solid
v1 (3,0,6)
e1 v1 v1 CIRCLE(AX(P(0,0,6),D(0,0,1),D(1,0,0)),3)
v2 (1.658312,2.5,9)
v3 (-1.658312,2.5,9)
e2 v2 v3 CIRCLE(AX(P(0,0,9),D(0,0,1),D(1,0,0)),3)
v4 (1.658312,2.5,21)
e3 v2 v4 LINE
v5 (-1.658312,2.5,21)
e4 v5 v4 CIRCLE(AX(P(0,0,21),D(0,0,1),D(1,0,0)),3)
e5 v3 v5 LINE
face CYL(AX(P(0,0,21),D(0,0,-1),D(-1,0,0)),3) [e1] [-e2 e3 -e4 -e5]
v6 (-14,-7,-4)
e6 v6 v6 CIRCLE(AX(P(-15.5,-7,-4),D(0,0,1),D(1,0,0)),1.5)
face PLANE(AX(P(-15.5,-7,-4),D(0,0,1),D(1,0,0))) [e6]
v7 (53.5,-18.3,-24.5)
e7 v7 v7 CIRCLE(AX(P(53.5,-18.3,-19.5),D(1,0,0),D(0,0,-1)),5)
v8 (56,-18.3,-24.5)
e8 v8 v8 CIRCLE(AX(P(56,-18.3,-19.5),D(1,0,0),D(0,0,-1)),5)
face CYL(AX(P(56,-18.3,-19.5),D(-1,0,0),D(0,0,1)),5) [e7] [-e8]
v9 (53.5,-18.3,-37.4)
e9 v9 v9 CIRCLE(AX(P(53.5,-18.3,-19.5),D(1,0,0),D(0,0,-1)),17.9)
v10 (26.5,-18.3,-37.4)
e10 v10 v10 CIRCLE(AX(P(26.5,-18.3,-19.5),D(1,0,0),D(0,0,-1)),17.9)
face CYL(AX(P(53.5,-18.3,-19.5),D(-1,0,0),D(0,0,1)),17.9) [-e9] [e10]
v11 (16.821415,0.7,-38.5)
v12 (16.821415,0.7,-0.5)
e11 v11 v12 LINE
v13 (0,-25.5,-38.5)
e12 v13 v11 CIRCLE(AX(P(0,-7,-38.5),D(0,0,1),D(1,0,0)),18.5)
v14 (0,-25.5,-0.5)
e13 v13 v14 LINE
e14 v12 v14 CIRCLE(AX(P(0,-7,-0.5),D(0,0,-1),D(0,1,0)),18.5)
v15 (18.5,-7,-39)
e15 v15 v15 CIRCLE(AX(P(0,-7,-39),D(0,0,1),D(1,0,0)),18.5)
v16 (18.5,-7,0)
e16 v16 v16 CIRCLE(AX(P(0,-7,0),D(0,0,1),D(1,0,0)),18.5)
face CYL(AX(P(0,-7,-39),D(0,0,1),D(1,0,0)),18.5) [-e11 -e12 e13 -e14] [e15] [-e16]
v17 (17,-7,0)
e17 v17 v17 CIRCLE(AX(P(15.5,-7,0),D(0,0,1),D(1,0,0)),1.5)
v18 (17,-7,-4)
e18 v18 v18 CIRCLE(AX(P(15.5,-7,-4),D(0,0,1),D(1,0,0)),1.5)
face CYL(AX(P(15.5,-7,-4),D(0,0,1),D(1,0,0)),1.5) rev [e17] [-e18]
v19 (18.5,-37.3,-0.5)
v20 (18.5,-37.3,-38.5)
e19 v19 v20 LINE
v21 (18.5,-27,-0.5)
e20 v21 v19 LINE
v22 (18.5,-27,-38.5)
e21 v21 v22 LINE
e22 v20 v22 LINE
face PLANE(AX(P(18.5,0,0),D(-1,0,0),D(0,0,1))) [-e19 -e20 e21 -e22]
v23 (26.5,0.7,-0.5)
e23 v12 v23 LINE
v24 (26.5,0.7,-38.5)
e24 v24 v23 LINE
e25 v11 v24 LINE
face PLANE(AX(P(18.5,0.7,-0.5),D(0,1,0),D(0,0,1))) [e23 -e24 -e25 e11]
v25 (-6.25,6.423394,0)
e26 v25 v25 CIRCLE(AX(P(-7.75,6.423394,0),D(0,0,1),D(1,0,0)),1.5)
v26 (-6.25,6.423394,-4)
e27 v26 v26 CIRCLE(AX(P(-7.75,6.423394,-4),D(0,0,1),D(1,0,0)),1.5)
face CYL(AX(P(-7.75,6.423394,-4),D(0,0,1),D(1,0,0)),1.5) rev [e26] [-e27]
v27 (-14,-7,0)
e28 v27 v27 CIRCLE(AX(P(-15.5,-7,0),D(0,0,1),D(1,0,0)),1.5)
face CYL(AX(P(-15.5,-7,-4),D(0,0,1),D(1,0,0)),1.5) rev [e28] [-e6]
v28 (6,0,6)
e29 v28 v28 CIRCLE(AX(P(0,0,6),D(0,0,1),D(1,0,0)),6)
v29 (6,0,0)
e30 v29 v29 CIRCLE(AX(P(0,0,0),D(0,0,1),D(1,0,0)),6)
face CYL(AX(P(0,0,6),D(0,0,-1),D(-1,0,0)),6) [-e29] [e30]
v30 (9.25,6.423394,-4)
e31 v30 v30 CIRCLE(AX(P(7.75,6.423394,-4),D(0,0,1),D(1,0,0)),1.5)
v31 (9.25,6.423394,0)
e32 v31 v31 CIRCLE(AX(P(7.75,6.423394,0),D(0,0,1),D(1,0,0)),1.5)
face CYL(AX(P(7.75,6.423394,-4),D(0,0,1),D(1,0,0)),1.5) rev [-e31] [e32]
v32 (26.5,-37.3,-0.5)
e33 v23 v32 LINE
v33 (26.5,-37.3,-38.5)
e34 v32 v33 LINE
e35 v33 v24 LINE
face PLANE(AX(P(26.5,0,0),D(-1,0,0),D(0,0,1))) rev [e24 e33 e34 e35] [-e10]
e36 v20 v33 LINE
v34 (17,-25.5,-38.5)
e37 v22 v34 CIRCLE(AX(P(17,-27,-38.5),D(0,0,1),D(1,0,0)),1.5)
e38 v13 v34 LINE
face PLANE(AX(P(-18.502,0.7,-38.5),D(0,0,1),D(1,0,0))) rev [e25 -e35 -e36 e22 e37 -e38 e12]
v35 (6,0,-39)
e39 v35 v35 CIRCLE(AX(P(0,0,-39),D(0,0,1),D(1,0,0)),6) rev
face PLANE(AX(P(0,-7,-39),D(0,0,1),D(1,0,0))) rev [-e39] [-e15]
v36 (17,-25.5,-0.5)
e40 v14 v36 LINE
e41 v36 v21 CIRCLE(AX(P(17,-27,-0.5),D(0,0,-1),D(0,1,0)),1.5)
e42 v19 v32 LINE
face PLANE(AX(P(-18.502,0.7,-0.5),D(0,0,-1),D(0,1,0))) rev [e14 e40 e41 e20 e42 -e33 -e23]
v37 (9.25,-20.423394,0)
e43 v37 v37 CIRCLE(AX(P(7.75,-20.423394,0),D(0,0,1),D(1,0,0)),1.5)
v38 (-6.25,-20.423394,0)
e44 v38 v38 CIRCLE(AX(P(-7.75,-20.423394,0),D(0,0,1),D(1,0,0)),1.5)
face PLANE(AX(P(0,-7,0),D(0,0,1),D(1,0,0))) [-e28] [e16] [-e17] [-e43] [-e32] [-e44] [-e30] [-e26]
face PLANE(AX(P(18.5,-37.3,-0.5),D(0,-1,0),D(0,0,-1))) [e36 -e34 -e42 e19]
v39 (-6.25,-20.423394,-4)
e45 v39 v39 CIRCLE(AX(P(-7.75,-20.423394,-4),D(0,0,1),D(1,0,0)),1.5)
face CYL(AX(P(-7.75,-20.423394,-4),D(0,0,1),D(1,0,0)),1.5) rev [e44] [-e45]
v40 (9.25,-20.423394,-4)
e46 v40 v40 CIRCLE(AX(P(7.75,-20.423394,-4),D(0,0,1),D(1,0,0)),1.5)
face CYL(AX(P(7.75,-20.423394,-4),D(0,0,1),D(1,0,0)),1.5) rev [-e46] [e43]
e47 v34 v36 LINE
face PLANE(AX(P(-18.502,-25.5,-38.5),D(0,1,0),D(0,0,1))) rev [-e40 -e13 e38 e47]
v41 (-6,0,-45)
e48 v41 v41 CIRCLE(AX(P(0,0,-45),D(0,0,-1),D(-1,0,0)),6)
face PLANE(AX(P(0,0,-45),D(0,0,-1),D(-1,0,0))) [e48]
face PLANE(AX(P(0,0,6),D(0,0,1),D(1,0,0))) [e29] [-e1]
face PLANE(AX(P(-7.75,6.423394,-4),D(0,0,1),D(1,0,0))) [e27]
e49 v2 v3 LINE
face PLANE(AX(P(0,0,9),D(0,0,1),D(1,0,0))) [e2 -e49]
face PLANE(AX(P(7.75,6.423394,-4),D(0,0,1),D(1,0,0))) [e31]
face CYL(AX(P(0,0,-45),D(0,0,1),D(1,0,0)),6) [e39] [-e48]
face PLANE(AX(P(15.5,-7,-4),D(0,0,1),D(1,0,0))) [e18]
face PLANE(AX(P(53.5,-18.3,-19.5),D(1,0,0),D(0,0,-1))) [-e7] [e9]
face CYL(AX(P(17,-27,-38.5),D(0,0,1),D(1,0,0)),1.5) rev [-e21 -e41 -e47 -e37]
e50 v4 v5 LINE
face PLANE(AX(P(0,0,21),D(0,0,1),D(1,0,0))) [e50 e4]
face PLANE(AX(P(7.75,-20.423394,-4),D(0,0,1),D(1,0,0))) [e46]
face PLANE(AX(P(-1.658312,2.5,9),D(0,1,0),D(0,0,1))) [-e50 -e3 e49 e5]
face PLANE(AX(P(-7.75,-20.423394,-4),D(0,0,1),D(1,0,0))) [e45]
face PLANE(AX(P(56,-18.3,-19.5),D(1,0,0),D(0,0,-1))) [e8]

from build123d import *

# Parameters (mm, degrees)
SKETCH_1_R           = 6
EXTRUDE_1_DEPTH      = 6
SKETCH_2_R           = 3
EXTRUDE_2_DEPTH      = 15
SKETCH_4_OUTSIDE_W   = 19.4
SKETCH_4_OUTSIDE_H   = 19.4
CUT_EXTRUDE_1_DEPTH  = 12
SKETCH_5_R           = 18.5
EXTRUDE_3_DEPTH      = 39
EXTRUDE_START        = 6
SKETCH_6_R           = 6
EXTRUDE_4_DEPTH      = 6
SKETCH_7_W           = 38
SKETCH_7_H           = 38
EXTRUDE_5_DEPTH      = 8
EXTRUDE_6_REACH      = 71.176
EXTRUDE_6_END_RADIUS = 18.5
SKETCH_8_W           = 38
SKETCH_8_H           = 26.2
SKETCH_9_R           = 17.9
EXTRUDE_7_DEPTH      = 27
SKETCH_10_R          = 5
EXTRUDE_8_DEPTH      = 2.5
SKETCH_11_R          = 1.5
CUT_EXTRUDE_2_DEPTH  = 4
FILLET_1_R           = 1.5


with BuildPart() as part:
    # ｽｹｯﾁ1 → ﾎﾞｽ - 押し出し1 (new body)
    with BuildSketch(Plane.XY):
        Circle(SKETCH_1_R)
    extrude(amount=EXTRUDE_1_DEPTH)

    # ｽｹｯﾁ2 → ﾎﾞｽ - 押し出し2 (add)
    with BuildSketch(Plane.XY.offset(6)):
        Circle(SKETCH_2_R)
    extrude(amount=EXTRUDE_2_DEPTH)

    # ｽｹｯﾁ4 outside → ｶｯﾄ - 押し出し1 (cut)
    with BuildSketch(Plane.XY.offset(21)):
        Rectangle(SKETCH_4_OUTSIDE_W, SKETCH_4_OUTSIDE_H)
        with BuildLine():
            Line((-1.658312395, 2.5), (1.658312395, 2.5))
            ThreePointArc((1.658312395, 2.5), (0, -3), (-1.658312395, 2.5))
        make_face(mode=Mode.SUBTRACT)
    extrude(amount=-CUT_EXTRUDE_1_DEPTH, mode=Mode.SUBTRACT)

    # ｽｹｯﾁ5 → ﾎﾞｽ - 押し出し3 (add)
    with BuildSketch(Plane.XY):
        with Locations((0, -7)):
            Circle(SKETCH_5_R)
    extrude(amount=-EXTRUDE_3_DEPTH)

    # ｽｹｯﾁ6 → ﾎﾞｽ - 押し出し4 (add)
    with BuildSketch(Plane(origin=(0, 0, -39), x_dir=(-1, 0, 0), z_dir=(0, 0, -1)).offset(EXTRUDE_START)):
        with Locations(Location((0, 0, 0), (0, 0, 180))):
            Circle(SKETCH_6_R)
    extrude(amount=-EXTRUDE_4_DEPTH)



with BuildPart() as body_2:
    # ｽｹｯﾁ7 → ﾎﾞｽ - 押し出し5 (new body)
    with BuildSketch(Plane(origin=(26.5, 0, 0), x_dir=(0, 0, -1), z_dir=(1, 0, 0))):
        with Locations((19.5, -18.3)):
            Rectangle(SKETCH_7_W, SKETCH_7_H)
    extrude(amount=-EXTRUDE_5_DEPTH)


with BuildPart() as part_1:
    add(part.part)

    add(body_2.part)  # ﾎﾞｽ - 押し出し6 merges body 2
    # ﾎﾞｽ - 押し出し6: up to this cylinder (the profile starts outside it)
    extrude_6_end = Plane(origin=(0, -7, -19.5), z_dir=(0, 0, 1)) * Cylinder(EXTRUDE_6_END_RADIUS, 180.352, mode=Mode.PRIVATE)
    # ｽｹｯﾁ8 → ﾎﾞｽ - 押し出し6 (add, up to the surface)
    with BuildSketch(Plane.ZY.offset(-18.5), mode=Mode.PRIVATE) as extrude_6_sk1:
        with Locations((-19.5, -12.4)):
            Rectangle(SKETCH_8_W, SKETCH_8_H)
    extrude_6_tool1 = extrude(extrude_6_sk1.sketch, amount=EXTRUDE_6_REACH, mode=Mode.PRIVATE) - extrude_6_end
    add(extrude_6_tool1.solids().sort_by_distance((18.5, -12.4, -19.5))[0])
    add(extrude_6_tool1.solids().sort_by_distance((18.5, -12.4, -19.5))[1])

    # ｽｹｯﾁ9 → ﾎﾞｽ - 押し出し7 (add)
    with BuildSketch(Plane(origin=(26.5, 0, 0), x_dir=(0, 0, -1), z_dir=(1, 0, 0))):
        with Locations((19.5, -18.3)):
            Circle(SKETCH_9_R)
    extrude(amount=EXTRUDE_7_DEPTH)

    # ｽｹｯﾁ10 → ﾎﾞｽ - 押し出し8 (add)
    with BuildSketch(Plane(origin=(53.5, 0, 0), x_dir=(0, 0, -1), z_dir=(1, 0, 0))):
        with Locations((19.5, -18.3)):
            Circle(SKETCH_10_R)
    extrude(amount=EXTRUDE_8_DEPTH)

    # ｽｹｯﾁ11 → ｶｯﾄ - 押し出し2 (cut)
    with BuildSketch(Plane.XY):
        with Locations((-15.5, -7)):
            Circle(SKETCH_11_R)
        with Locations((-7.75, 6.423393759)):
            Circle(SKETCH_11_R)
        with Locations((7.75, 6.423393759)):
            Circle(SKETCH_11_R)
        with Locations((15.5, -7)):
            Circle(SKETCH_11_R)
        with Locations((7.75, -20.423393759)):
            Circle(SKETCH_11_R)
        with Locations((-7.75, -20.423393759)):
            Circle(SKETCH_11_R)
    extrude(amount=-CUT_EXTRUDE_2_DEPTH, mode=Mode.SUBTRACT)

    # ﾌｨﾚｯﾄ1
    fillet_1_edges = [part_1.edges().sort_by_distance(p)[0] for p in [
        (18.5, -25.5, -19.5),
    ]]
    fillet(fillet_1_edges, radius=FILLET_1_R)


solid = part_1.part
